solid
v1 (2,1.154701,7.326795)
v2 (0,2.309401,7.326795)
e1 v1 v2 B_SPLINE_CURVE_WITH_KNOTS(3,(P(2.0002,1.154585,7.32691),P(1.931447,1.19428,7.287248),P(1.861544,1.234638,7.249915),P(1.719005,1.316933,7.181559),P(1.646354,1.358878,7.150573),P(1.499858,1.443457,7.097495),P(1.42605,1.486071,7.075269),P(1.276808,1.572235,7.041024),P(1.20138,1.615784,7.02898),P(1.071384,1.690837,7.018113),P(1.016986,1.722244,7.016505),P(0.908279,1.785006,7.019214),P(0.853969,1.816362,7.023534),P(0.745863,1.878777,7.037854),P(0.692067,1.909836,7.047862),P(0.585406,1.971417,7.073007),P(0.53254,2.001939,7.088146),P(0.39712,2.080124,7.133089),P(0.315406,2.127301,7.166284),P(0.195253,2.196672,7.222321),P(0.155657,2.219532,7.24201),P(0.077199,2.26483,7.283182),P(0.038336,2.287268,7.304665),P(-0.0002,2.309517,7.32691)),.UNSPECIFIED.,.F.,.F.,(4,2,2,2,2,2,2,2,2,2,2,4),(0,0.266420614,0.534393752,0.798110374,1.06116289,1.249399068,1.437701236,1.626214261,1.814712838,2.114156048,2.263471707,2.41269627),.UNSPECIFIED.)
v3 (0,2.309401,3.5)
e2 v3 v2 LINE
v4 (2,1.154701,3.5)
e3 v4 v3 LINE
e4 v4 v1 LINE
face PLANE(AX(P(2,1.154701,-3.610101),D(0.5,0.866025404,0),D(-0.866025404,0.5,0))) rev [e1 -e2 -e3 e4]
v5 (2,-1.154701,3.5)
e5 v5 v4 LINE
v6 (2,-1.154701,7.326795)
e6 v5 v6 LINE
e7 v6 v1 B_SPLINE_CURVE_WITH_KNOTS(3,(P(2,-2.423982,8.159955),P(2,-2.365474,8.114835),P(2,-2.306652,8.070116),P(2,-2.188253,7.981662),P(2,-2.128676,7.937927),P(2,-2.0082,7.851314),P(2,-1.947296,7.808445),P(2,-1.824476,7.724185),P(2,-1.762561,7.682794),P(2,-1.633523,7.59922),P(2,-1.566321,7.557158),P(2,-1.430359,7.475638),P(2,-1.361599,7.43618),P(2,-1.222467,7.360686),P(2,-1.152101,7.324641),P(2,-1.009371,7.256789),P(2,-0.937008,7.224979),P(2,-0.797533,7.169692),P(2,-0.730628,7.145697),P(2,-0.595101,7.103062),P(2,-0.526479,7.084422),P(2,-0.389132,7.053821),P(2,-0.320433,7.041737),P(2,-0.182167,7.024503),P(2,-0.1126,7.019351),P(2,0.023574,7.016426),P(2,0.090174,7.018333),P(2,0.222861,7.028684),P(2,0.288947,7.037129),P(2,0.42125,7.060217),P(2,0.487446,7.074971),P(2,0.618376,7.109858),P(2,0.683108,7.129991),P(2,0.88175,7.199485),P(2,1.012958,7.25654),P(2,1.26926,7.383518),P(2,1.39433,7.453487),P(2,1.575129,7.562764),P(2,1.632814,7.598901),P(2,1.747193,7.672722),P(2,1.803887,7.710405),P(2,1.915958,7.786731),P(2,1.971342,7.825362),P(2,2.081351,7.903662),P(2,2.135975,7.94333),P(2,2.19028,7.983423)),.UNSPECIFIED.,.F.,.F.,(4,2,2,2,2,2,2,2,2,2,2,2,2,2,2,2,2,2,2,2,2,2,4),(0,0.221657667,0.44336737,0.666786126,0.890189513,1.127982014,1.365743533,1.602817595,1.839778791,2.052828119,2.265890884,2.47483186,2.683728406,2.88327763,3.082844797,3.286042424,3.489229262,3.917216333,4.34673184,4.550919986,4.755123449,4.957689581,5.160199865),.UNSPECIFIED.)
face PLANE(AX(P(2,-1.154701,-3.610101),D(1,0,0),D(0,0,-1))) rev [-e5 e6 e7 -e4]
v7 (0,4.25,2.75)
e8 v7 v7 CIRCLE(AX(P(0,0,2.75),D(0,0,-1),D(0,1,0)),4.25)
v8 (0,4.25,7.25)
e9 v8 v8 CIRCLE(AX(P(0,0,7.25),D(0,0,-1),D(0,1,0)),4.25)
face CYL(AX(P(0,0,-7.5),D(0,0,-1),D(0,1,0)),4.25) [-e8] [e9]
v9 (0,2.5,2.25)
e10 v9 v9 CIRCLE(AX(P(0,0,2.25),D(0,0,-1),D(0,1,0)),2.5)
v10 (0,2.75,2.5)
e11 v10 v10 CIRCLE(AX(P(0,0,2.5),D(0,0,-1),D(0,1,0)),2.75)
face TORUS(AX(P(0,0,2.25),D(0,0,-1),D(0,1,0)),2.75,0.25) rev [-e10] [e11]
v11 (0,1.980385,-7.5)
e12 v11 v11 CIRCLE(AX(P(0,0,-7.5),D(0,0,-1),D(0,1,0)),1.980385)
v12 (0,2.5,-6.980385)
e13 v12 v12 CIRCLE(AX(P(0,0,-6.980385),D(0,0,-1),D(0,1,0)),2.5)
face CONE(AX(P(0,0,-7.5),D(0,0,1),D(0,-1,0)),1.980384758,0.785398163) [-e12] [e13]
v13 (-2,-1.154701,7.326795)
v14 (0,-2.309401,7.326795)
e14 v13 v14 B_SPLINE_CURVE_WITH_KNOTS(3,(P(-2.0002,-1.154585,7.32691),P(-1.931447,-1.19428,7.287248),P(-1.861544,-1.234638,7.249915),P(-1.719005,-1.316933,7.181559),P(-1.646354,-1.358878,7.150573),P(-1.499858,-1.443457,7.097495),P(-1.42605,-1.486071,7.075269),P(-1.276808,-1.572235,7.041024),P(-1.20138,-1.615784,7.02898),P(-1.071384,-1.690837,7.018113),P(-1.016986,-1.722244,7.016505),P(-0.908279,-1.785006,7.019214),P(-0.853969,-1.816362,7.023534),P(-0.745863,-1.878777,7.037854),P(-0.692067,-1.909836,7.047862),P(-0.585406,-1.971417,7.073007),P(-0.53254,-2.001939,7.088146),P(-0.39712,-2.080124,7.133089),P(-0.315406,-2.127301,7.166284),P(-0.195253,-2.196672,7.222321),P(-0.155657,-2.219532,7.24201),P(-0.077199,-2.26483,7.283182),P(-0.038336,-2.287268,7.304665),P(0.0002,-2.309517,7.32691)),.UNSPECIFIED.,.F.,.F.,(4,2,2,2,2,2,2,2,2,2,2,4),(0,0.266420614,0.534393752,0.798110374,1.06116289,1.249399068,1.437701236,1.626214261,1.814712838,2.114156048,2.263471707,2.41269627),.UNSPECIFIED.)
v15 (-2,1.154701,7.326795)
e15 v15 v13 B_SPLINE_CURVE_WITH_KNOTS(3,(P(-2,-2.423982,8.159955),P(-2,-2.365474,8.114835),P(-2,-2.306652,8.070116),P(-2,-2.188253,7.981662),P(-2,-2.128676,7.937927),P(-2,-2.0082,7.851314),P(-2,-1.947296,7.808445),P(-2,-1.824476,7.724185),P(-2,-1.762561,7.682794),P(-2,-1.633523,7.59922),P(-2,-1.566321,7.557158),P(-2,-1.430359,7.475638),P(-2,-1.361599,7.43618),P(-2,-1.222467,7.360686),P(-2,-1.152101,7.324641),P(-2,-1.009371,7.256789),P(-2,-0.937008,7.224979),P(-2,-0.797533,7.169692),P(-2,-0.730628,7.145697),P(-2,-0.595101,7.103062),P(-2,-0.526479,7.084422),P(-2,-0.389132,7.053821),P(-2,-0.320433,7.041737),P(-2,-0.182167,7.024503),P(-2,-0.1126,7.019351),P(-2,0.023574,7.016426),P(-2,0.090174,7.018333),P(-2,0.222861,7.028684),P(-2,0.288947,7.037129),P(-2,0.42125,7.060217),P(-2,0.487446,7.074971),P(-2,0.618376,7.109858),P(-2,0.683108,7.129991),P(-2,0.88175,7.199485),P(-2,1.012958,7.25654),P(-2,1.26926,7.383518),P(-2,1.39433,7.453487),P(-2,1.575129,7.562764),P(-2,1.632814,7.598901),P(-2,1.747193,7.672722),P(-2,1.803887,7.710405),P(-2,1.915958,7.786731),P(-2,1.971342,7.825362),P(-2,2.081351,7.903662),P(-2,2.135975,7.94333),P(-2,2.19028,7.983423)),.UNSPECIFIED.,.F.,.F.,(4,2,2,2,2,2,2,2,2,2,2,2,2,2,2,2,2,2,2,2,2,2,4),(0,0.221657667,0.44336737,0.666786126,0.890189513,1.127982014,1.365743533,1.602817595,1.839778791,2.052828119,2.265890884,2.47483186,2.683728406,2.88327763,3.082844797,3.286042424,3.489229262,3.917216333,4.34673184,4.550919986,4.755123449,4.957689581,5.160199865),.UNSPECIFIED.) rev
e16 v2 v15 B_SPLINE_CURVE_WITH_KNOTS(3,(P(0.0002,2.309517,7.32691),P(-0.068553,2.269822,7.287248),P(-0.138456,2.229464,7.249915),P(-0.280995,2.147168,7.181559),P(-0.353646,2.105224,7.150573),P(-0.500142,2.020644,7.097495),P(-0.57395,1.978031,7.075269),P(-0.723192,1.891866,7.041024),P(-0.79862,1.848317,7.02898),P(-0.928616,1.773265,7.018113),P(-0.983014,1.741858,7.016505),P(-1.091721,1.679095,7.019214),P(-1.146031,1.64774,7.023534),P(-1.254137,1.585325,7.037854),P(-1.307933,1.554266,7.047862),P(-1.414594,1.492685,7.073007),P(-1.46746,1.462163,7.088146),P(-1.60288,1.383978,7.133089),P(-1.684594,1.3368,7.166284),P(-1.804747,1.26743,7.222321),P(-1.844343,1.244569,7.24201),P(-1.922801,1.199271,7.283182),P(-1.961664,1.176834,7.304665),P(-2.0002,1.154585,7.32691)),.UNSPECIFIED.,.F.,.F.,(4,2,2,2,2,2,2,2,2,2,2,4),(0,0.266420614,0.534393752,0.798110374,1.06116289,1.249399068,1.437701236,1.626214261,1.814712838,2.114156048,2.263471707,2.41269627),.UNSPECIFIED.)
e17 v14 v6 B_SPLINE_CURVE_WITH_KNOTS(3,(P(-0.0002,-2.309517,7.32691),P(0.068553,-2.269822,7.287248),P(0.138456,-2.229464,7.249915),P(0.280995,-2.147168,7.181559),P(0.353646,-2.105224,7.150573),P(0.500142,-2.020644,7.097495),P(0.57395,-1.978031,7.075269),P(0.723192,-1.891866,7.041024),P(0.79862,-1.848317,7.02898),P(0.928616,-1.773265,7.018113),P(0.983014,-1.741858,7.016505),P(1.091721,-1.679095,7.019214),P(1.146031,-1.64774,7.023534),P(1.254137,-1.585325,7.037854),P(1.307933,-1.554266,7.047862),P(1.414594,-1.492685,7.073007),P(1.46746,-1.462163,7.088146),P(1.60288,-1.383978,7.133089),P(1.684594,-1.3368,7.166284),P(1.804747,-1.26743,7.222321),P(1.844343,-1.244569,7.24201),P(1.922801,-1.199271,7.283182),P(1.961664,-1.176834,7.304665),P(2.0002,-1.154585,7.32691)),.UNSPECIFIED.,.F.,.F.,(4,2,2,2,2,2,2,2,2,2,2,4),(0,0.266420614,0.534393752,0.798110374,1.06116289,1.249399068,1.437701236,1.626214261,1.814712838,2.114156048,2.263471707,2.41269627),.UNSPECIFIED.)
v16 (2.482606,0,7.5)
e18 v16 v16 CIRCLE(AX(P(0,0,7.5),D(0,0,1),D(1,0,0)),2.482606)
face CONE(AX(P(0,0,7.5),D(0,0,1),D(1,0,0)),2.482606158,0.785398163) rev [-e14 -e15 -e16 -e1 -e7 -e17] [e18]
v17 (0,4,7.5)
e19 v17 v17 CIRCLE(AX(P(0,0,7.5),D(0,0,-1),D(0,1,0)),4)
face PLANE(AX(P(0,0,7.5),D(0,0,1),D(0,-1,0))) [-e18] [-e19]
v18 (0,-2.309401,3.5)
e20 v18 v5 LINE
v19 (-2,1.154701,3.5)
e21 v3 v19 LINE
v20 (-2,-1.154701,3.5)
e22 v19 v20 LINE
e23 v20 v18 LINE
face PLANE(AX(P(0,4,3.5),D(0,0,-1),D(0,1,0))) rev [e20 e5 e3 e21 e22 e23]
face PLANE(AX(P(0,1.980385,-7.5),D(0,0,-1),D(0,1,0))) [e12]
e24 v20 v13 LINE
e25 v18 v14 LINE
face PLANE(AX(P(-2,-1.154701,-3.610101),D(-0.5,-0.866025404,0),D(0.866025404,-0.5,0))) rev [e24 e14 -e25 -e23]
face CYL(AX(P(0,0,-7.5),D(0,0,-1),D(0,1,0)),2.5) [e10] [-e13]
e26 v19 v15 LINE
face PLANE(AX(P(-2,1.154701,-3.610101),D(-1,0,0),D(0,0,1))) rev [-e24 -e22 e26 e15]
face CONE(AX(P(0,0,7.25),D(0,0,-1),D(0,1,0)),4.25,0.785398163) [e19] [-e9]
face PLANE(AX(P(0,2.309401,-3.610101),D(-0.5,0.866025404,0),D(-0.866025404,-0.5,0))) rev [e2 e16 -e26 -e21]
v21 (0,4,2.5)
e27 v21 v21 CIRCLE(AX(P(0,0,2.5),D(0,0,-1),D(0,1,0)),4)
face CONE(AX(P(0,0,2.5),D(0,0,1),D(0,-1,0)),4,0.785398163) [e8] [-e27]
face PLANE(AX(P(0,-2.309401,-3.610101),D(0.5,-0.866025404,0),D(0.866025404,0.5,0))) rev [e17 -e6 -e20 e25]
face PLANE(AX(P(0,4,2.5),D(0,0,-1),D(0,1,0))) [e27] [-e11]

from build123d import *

# Parameters (mm, degrees)
CUT_EXTRUDE1_DEPTH = 4


with BuildPart() as part:
    # Sketch2 → Revolve1 (revolve)
    with BuildSketch(Plane(origin=(0, 0, 0), x_dir=(0, 0, -1), z_dir=(1, 0, 0))):
        with BuildLine():
            Line((-7.5, 0), (-7.5, 4))
            Line((-7.5, 4), (-7.25, 4.25))
            Line((-7.25, 4.25), (-2.75, 4.25))
            Line((-2.75, 4.25), (-2.5, 4))
            Line((-2.5, 4), (-2.5, 2.75))
            ThreePointArc((-2.5, 2.75), (-2.426776695, 2.573223305), (-2.25, 2.5))
            Line((-2.25, 2.5), (6.980384758, 2.5))
            Line((6.980384758, 2.5), (7.5, 1.980384758))
            Line((7.5, 1.980384758), (7.5, 0))
            Line((7.5, 0), (-7.5, 0))
        make_face()
    revolve(axis=Axis((0, 0, -7.5), (0, 0, 1)))

    # Sketch3 → Cut-Extrude1 (cut)
    with BuildSketch(Plane.XY.offset(7.5)):
        Polygon((2, -1.154700538), (2, 1.154700538), (0, 2.309401077), (-2, 1.154700538), (-2, -1.154700538), (0, -2.309401077), align=None)
    extrude(amount=-CUT_EXTRUDE1_DEPTH, mode=Mode.SUBTRACT)

    # Cut-Extrude2 cone 1 section (through the dimple's axis) → Cut-Extrude2 (revolve, cut)
    with BuildSketch(Plane(origin=(0, 0, 7.5), x_dir=(0, -1, 0), z_dir=(1, 0, 0))):
        Polygon((0, 0), (2.482606158, 0), (0, 2.482606158), align=None)
    revolve(axis=Axis((0, 0, 7.5), (0, 0, -1)), mode=Mode.SUBTRACT)


solid = part.part
